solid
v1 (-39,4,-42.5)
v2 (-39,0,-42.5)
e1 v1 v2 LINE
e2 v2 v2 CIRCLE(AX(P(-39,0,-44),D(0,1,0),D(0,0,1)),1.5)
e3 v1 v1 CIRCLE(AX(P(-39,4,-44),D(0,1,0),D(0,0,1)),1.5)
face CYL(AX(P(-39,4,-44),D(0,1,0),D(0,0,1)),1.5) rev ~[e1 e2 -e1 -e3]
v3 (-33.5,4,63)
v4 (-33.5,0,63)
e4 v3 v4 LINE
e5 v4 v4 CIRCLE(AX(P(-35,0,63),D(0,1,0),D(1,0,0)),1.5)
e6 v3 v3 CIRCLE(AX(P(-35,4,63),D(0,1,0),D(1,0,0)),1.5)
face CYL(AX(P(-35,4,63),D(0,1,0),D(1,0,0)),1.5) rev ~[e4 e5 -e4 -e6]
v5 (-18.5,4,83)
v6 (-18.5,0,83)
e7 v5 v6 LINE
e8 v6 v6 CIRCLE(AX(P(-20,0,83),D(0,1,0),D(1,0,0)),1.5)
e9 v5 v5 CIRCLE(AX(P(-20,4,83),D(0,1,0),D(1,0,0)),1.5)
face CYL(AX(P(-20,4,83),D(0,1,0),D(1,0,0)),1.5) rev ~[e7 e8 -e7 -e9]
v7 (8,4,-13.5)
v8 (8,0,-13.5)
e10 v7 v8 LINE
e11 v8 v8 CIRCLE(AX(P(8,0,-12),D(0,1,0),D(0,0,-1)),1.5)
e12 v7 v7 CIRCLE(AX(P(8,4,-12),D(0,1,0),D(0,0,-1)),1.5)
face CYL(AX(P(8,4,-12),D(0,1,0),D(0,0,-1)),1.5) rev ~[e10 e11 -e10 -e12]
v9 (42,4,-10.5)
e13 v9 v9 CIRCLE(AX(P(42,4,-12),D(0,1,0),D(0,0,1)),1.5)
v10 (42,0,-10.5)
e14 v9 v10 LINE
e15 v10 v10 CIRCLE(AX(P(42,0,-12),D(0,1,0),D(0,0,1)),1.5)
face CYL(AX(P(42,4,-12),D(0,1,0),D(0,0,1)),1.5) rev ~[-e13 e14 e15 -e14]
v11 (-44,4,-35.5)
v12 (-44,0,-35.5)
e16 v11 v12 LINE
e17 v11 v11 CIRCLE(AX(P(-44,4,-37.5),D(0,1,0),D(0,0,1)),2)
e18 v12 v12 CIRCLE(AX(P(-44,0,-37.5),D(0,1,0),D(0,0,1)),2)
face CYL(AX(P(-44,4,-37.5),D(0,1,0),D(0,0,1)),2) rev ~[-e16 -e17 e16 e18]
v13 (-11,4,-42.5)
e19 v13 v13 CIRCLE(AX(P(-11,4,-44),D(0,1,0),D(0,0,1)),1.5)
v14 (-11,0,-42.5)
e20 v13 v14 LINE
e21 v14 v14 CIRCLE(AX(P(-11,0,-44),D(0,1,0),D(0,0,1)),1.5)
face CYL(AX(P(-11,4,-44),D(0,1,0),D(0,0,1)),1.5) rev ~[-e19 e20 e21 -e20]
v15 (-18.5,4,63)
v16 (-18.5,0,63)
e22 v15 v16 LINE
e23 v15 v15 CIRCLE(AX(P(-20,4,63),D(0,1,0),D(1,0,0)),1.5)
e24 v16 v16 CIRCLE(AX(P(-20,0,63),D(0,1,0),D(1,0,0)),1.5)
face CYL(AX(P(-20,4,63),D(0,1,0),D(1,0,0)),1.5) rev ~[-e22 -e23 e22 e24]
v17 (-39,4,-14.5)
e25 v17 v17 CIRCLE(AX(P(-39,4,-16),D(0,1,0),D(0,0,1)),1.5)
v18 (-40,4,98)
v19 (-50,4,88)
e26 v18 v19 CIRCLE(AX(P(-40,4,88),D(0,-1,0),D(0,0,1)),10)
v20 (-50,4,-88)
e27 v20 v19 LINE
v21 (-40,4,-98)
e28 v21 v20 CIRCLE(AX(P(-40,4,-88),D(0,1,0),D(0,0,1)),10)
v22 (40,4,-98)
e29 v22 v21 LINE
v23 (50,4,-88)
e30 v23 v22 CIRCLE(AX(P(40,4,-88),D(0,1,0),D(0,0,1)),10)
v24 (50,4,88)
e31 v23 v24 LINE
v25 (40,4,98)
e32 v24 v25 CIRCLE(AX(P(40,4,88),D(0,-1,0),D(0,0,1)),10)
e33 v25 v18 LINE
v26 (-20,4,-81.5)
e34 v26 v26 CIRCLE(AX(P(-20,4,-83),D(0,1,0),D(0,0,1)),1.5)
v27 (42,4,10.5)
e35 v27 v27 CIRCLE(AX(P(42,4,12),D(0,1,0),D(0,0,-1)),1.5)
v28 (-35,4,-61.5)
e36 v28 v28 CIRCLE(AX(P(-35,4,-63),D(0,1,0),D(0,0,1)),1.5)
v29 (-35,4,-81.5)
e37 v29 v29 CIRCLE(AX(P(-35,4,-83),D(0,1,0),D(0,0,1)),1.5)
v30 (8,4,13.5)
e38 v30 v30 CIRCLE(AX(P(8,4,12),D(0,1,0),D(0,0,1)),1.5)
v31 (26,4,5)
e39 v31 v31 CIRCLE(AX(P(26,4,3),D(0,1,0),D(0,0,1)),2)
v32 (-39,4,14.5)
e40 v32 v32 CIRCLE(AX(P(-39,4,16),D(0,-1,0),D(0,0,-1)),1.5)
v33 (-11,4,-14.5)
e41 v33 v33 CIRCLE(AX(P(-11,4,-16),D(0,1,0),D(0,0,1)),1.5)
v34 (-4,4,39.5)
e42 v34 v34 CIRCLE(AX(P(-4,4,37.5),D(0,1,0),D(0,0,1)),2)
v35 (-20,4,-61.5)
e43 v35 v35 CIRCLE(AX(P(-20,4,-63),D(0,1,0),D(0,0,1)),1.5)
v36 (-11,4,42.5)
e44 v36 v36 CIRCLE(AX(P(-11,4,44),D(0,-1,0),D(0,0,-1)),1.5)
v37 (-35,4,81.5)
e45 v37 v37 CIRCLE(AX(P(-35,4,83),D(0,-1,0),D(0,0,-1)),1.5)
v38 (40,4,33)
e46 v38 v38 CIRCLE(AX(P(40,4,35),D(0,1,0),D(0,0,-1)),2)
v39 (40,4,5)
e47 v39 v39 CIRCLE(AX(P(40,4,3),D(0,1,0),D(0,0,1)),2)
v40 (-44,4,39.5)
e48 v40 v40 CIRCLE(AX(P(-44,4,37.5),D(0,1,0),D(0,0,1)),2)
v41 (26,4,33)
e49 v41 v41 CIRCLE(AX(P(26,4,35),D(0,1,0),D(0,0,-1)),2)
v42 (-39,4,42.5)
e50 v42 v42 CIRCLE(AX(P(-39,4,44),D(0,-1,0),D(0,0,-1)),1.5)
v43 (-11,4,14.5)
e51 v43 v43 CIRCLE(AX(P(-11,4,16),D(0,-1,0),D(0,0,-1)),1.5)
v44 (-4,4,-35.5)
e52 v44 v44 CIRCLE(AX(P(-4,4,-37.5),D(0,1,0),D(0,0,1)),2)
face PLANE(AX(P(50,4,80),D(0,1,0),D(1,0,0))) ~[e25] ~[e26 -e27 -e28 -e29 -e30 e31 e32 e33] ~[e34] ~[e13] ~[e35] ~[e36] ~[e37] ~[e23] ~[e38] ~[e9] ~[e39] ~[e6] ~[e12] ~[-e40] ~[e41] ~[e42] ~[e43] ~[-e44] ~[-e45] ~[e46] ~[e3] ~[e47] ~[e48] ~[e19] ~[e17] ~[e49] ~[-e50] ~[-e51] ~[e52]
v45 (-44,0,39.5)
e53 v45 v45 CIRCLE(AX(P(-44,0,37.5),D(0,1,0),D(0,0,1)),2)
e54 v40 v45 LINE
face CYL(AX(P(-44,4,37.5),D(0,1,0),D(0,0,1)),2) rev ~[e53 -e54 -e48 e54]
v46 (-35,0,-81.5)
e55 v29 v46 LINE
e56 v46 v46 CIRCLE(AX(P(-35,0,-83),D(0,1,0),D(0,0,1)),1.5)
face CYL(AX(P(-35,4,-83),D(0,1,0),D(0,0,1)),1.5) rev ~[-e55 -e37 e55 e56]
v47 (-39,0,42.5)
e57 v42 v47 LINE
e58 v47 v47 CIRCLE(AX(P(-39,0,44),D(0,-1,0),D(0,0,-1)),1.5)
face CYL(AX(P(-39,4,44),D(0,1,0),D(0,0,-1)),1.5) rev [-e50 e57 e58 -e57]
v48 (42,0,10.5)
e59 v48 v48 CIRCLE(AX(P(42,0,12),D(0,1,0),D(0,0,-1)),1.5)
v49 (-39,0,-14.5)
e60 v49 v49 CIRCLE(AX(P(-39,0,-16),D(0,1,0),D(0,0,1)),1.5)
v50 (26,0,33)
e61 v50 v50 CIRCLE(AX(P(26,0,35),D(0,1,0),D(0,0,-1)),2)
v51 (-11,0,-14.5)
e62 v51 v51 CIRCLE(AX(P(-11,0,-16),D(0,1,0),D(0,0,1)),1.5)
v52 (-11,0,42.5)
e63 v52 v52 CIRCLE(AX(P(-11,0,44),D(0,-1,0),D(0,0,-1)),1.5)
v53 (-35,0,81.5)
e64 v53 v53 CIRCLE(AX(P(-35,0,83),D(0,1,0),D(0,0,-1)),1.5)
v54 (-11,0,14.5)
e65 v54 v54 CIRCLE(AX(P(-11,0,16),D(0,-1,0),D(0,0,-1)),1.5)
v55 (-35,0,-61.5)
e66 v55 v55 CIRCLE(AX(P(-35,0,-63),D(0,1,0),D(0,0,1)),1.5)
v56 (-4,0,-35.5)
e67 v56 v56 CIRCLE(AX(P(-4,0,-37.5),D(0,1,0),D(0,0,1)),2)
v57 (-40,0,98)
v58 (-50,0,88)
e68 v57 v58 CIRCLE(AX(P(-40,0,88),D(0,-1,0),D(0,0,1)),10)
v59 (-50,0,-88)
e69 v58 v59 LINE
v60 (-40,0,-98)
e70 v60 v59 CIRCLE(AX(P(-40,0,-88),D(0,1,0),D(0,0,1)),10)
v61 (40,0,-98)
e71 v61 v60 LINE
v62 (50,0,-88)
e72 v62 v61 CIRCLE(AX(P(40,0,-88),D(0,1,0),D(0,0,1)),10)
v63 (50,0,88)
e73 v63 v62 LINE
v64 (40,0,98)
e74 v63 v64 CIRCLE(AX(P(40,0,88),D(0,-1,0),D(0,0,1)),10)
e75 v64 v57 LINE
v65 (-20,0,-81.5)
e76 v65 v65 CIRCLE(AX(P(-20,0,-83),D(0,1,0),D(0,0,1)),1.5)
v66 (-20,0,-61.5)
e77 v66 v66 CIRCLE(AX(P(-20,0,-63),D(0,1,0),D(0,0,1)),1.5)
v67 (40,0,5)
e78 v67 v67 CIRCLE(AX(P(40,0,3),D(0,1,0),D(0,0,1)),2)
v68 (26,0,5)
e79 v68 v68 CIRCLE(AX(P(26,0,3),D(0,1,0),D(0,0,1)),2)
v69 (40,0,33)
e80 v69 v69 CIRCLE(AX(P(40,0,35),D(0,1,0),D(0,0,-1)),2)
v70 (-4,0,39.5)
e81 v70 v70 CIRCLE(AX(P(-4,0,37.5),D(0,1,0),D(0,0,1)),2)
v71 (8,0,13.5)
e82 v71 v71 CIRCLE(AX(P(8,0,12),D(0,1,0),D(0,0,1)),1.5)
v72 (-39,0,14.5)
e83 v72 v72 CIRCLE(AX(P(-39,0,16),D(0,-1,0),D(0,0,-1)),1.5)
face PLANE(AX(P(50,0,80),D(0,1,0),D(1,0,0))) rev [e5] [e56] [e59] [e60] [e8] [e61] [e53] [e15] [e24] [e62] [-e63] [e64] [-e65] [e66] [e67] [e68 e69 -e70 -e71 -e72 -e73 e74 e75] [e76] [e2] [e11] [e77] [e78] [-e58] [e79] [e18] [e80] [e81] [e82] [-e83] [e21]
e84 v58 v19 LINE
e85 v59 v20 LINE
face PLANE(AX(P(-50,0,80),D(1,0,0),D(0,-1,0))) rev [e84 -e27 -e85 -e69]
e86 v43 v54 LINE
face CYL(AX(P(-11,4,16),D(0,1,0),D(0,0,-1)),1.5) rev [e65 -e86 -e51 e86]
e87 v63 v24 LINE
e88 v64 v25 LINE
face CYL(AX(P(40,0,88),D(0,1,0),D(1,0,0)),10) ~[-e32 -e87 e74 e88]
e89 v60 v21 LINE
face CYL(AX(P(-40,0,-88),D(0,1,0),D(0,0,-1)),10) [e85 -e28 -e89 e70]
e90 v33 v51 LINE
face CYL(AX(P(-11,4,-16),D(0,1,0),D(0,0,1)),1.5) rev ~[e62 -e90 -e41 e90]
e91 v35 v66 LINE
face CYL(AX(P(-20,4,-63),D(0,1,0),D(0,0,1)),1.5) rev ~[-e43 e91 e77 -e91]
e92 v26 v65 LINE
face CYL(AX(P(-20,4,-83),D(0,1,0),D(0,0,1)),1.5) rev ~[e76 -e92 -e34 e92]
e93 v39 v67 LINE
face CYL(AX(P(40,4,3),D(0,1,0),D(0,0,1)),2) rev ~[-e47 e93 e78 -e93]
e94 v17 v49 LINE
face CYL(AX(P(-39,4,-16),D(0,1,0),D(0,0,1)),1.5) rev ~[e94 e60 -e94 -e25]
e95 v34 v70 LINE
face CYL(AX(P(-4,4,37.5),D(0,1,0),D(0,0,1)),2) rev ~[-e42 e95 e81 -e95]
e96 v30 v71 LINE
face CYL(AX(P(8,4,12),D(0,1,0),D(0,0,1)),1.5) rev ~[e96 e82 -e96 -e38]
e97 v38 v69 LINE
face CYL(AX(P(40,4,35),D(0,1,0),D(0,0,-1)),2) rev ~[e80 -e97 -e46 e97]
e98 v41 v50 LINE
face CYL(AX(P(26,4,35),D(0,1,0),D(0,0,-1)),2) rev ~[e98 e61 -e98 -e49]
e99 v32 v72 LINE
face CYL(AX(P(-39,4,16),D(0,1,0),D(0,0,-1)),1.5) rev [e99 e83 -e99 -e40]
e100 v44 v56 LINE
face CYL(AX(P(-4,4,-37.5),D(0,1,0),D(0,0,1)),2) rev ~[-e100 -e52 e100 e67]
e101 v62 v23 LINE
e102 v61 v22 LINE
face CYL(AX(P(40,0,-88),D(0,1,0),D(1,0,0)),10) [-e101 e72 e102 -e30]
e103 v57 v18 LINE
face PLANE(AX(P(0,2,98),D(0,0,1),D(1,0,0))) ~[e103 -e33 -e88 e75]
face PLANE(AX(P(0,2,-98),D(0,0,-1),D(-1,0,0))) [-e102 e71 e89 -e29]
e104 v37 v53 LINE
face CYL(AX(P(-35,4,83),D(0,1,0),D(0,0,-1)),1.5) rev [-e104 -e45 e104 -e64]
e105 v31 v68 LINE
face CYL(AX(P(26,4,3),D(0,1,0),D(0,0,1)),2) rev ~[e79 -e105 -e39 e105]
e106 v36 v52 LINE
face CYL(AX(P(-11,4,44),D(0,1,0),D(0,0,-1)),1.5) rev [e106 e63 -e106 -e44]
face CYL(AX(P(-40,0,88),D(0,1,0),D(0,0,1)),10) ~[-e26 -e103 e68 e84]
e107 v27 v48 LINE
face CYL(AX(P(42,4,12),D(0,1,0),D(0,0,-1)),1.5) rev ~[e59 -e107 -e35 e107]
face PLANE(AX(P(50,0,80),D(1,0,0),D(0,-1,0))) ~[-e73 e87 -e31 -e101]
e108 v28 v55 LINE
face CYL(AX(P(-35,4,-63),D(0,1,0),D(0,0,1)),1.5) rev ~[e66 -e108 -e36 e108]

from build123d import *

# Parameters (mm, degrees)
SKETCH_1_W                  = 100
SKETCH_1_H                  = 160
EXTRUDE_1_DEPTH             = 4
SKETCH_2_R                  = 2
CUT_EXTRUDE_1_DEPTH         = 4
SKETCH_3_R                  = 1.5
CUT_EXTRUDE_2_DEPTH         = 4
SKETCH_4_R                  = 1.5
CUT_EXTRUDE_3_DEPTH         = 4
SKETCH_6_W                  = 100
SKETCH_6_H                  = 4
EXTRUDE_2_DEPTH             = 18
SKETCH_5_R                  = 1.5
CUT_EXTRUDE_4_DEPTH         = 10
PATTERN_LINEAR_1_COUNT      = 2
PATTERN_LINEAR_1_PITCH      = 20
PATTERN_LINEAR_1_COUNT_DIR2 = 2
PATTERN_LINEAR_1_PITCH_DIR2 = 15
MIRROR_3_COPY_1_SKETCH_R    = 1.5
MIRROR_3_COPY_1_DEPTH       = 10
MIRROR_3_COPY_2_SKETCH_R    = 1.5
MIRROR_3_COPY_2_DEPTH       = 10
MIRROR_3_COPY_3_SKETCH_R    = 1.5
MIRROR_3_COPY_3_DEPTH       = 10
FILLET_1_R                  = 10
SKETCH_7_R                  = 2
CUT_EXTRUDE_5_DEPTH         = 10


with BuildPart() as part:
    # 草图1 → 凸台-拉伸1 (new body)
    with BuildSketch(Plane(origin=(0, 0, 0), x_dir=(1, 0, 0), z_dir=(0, 1, 0))):
        Rectangle(SKETCH_1_W, SKETCH_1_H)
    extrude(amount=EXTRUDE_1_DEPTH)

    # 草图2 → 切除-拉伸1 (cut)
    with BuildSketch(Plane(origin=(0, 4, 0), x_dir=(1, 0, 0), z_dir=(0, 1, 0))):
        with Locations(Location((40, -3, 0), (0, 0, 270))):
            Circle(SKETCH_2_R)
        with Locations(Location((26, -3, 0), (0, 0, 270))):
            Circle(SKETCH_2_R)
        with Locations(Location((40, -35, 0), (0, 0, 90))):
            Circle(SKETCH_2_R)
        with Locations(Location((26, -35, 0), (0, 0, 90))):
            Circle(SKETCH_2_R)
    extrude(amount=-CUT_EXTRUDE_1_DEPTH, mode=Mode.SUBTRACT)

    # 草图3 → 切除-拉伸2 (cut)
    with BuildSketch(Plane(origin=(0, 4, 0), x_dir=(1, 0, 0), z_dir=(0, 1, 0))):
        with Locations(Location((-39, 44, 0), (0, 0, 270))):
            Circle(SKETCH_3_R)
        with Locations(Location((-11, 44, 0), (0, 0, 270))):
            Circle(SKETCH_3_R)
        with Locations(Location((-11, 16, 0), (0, 0, 270))):
            Circle(SKETCH_3_R)
        with Locations(Location((-39, 16, 0), (0, 0, 270))):
            Circle(SKETCH_3_R)
    cut_extrude_2 = extrude(amount=-CUT_EXTRUDE_2_DEPTH, mode=Mode.SUBTRACT)

    # 镜向1: 切除-拉伸2 across plane
    add(cut_extrude_2.mirror(Plane.XY), mode=Mode.SUBTRACT)

    # 草图4 → 切除-拉伸3 (cut)
    with BuildSketch(Plane(origin=(0, 4, 0), x_dir=(1, 0, 0), z_dir=(0, 1, 0))):
        with Locations(Location((42, 12, 0), (0, 0, 270))):
            Circle(SKETCH_4_R)
        with Locations(Location((8, 12, 0), (0, 0, 90))):
            Circle(SKETCH_4_R)
        with Locations(Location((42, -12, 0), (0, 0, 90))):
            Circle(SKETCH_4_R)
        with Locations(Location((8, -12, 0), (0, 0, 270))):
            Circle(SKETCH_4_R)
    extrude(amount=-CUT_EXTRUDE_3_DEPTH, mode=Mode.SUBTRACT)

    # 草图6 → 凸台-拉伸2 (add)
    with BuildSketch(Plane(origin=(0, 0, -80), x_dir=(-1, 0, 0), z_dir=(0, 0, -1))):
        with Locations((0, 2)):
            Rectangle(SKETCH_6_W, SKETCH_6_H)
    extrude_2 = extrude(amount=EXTRUDE_2_DEPTH)

    # 草图5 → 切除-拉伸4 (cut)
    with BuildSketch(Plane(origin=(0, 4, 0), x_dir=(1, 0, 0), z_dir=(0, 1, 0))):
        with Locations(Location((-35, 83, 0), (0, 0, 270))):
            Circle(SKETCH_5_R)
    cut_extrude_4 = extrude(amount=-CUT_EXTRUDE_4_DEPTH, mode=Mode.SUBTRACT)

    # 镜向2: 凸台-拉伸2 across plane
    add(extrude_2.mirror(Plane.XY))

    # 阵列(线性)1: Cut-Extrude 4 2 × 2
    with Locations(*[(j * PATTERN_LINEAR_1_PITCH_DIR2, 0, i * PATTERN_LINEAR_1_PITCH) for i in range(PATTERN_LINEAR_1_COUNT) for j in range(PATTERN_LINEAR_1_COUNT_DIR2) if (i, j) != (0, 0)]):
        add(cut_extrude_4, mode=Mode.SUBTRACT)

    # 镜向3: 切除-拉伸4 across plane
    add(cut_extrude_4.mirror(Plane.XY), mode=Mode.SUBTRACT)

    # 镜向3 copy 1 sketch → 镜向3 copy 1 (cut)
    with BuildSketch(Plane(origin=(15, 4, 0), x_dir=(1, 0, 0), z_dir=(0, 1, 0))):
        with Locations((-35, -83)):
            Circle(MIRROR_3_COPY_1_SKETCH_R)
    extrude(amount=-MIRROR_3_COPY_1_DEPTH, mode=Mode.SUBTRACT)

    # 镜向3 copy 2 sketch → 镜向3 copy 2 (cut)
    with BuildSketch(Plane(origin=(0, 4, -20), x_dir=(1, 0, 0), z_dir=(0, 1, 0))):
        with Locations((-35, -83)):
            Circle(MIRROR_3_COPY_2_SKETCH_R)
    extrude(amount=-MIRROR_3_COPY_2_DEPTH, mode=Mode.SUBTRACT)

    # 镜向3 copy 3 sketch → 镜向3 copy 3 (cut)
    with BuildSketch(Plane(origin=(15, 4, -20), x_dir=(1, 0, 0), z_dir=(0, 1, 0))):
        with Locations((-35, -83)):
            Circle(MIRROR_3_COPY_3_SKETCH_R)
    extrude(amount=-MIRROR_3_COPY_3_DEPTH, mode=Mode.SUBTRACT)

    # 圆角1
    fillet_1_edges = [part.edges().sort_by_distance(p)[0] for p in [
        (50, 2, 98),
        (-50, 2, 98),
        (50, 2, -98),
        (-50, 2, -98),
    ]]
    fillet(fillet_1_edges, radius=FILLET_1_R)

    # 草图7 → 切除-拉伸5 (cut)
    with BuildSketch(Plane(origin=(0, 4, 0), x_dir=(1, 0, 0), z_dir=(0, 1, 0))):
        with Locations(Location((-44, 37.5, 0), (0, 0, 270))):
            Circle(SKETCH_7_R)
        with Locations(Location((-4, 37.5, 0), (0, 0, 270))):
            Circle(SKETCH_7_R)
        with Locations(Location((-4, -37.5, 0), (0, 0, 270))):
            Circle(SKETCH_7_R)
        with Locations(Location((-44, -37.5, 0), (0, 0, 270))):
            Circle(SKETCH_7_R)
    extrude(amount=-CUT_EXTRUDE_5_DEPTH, mode=Mode.SUBTRACT)


solid = part.part
